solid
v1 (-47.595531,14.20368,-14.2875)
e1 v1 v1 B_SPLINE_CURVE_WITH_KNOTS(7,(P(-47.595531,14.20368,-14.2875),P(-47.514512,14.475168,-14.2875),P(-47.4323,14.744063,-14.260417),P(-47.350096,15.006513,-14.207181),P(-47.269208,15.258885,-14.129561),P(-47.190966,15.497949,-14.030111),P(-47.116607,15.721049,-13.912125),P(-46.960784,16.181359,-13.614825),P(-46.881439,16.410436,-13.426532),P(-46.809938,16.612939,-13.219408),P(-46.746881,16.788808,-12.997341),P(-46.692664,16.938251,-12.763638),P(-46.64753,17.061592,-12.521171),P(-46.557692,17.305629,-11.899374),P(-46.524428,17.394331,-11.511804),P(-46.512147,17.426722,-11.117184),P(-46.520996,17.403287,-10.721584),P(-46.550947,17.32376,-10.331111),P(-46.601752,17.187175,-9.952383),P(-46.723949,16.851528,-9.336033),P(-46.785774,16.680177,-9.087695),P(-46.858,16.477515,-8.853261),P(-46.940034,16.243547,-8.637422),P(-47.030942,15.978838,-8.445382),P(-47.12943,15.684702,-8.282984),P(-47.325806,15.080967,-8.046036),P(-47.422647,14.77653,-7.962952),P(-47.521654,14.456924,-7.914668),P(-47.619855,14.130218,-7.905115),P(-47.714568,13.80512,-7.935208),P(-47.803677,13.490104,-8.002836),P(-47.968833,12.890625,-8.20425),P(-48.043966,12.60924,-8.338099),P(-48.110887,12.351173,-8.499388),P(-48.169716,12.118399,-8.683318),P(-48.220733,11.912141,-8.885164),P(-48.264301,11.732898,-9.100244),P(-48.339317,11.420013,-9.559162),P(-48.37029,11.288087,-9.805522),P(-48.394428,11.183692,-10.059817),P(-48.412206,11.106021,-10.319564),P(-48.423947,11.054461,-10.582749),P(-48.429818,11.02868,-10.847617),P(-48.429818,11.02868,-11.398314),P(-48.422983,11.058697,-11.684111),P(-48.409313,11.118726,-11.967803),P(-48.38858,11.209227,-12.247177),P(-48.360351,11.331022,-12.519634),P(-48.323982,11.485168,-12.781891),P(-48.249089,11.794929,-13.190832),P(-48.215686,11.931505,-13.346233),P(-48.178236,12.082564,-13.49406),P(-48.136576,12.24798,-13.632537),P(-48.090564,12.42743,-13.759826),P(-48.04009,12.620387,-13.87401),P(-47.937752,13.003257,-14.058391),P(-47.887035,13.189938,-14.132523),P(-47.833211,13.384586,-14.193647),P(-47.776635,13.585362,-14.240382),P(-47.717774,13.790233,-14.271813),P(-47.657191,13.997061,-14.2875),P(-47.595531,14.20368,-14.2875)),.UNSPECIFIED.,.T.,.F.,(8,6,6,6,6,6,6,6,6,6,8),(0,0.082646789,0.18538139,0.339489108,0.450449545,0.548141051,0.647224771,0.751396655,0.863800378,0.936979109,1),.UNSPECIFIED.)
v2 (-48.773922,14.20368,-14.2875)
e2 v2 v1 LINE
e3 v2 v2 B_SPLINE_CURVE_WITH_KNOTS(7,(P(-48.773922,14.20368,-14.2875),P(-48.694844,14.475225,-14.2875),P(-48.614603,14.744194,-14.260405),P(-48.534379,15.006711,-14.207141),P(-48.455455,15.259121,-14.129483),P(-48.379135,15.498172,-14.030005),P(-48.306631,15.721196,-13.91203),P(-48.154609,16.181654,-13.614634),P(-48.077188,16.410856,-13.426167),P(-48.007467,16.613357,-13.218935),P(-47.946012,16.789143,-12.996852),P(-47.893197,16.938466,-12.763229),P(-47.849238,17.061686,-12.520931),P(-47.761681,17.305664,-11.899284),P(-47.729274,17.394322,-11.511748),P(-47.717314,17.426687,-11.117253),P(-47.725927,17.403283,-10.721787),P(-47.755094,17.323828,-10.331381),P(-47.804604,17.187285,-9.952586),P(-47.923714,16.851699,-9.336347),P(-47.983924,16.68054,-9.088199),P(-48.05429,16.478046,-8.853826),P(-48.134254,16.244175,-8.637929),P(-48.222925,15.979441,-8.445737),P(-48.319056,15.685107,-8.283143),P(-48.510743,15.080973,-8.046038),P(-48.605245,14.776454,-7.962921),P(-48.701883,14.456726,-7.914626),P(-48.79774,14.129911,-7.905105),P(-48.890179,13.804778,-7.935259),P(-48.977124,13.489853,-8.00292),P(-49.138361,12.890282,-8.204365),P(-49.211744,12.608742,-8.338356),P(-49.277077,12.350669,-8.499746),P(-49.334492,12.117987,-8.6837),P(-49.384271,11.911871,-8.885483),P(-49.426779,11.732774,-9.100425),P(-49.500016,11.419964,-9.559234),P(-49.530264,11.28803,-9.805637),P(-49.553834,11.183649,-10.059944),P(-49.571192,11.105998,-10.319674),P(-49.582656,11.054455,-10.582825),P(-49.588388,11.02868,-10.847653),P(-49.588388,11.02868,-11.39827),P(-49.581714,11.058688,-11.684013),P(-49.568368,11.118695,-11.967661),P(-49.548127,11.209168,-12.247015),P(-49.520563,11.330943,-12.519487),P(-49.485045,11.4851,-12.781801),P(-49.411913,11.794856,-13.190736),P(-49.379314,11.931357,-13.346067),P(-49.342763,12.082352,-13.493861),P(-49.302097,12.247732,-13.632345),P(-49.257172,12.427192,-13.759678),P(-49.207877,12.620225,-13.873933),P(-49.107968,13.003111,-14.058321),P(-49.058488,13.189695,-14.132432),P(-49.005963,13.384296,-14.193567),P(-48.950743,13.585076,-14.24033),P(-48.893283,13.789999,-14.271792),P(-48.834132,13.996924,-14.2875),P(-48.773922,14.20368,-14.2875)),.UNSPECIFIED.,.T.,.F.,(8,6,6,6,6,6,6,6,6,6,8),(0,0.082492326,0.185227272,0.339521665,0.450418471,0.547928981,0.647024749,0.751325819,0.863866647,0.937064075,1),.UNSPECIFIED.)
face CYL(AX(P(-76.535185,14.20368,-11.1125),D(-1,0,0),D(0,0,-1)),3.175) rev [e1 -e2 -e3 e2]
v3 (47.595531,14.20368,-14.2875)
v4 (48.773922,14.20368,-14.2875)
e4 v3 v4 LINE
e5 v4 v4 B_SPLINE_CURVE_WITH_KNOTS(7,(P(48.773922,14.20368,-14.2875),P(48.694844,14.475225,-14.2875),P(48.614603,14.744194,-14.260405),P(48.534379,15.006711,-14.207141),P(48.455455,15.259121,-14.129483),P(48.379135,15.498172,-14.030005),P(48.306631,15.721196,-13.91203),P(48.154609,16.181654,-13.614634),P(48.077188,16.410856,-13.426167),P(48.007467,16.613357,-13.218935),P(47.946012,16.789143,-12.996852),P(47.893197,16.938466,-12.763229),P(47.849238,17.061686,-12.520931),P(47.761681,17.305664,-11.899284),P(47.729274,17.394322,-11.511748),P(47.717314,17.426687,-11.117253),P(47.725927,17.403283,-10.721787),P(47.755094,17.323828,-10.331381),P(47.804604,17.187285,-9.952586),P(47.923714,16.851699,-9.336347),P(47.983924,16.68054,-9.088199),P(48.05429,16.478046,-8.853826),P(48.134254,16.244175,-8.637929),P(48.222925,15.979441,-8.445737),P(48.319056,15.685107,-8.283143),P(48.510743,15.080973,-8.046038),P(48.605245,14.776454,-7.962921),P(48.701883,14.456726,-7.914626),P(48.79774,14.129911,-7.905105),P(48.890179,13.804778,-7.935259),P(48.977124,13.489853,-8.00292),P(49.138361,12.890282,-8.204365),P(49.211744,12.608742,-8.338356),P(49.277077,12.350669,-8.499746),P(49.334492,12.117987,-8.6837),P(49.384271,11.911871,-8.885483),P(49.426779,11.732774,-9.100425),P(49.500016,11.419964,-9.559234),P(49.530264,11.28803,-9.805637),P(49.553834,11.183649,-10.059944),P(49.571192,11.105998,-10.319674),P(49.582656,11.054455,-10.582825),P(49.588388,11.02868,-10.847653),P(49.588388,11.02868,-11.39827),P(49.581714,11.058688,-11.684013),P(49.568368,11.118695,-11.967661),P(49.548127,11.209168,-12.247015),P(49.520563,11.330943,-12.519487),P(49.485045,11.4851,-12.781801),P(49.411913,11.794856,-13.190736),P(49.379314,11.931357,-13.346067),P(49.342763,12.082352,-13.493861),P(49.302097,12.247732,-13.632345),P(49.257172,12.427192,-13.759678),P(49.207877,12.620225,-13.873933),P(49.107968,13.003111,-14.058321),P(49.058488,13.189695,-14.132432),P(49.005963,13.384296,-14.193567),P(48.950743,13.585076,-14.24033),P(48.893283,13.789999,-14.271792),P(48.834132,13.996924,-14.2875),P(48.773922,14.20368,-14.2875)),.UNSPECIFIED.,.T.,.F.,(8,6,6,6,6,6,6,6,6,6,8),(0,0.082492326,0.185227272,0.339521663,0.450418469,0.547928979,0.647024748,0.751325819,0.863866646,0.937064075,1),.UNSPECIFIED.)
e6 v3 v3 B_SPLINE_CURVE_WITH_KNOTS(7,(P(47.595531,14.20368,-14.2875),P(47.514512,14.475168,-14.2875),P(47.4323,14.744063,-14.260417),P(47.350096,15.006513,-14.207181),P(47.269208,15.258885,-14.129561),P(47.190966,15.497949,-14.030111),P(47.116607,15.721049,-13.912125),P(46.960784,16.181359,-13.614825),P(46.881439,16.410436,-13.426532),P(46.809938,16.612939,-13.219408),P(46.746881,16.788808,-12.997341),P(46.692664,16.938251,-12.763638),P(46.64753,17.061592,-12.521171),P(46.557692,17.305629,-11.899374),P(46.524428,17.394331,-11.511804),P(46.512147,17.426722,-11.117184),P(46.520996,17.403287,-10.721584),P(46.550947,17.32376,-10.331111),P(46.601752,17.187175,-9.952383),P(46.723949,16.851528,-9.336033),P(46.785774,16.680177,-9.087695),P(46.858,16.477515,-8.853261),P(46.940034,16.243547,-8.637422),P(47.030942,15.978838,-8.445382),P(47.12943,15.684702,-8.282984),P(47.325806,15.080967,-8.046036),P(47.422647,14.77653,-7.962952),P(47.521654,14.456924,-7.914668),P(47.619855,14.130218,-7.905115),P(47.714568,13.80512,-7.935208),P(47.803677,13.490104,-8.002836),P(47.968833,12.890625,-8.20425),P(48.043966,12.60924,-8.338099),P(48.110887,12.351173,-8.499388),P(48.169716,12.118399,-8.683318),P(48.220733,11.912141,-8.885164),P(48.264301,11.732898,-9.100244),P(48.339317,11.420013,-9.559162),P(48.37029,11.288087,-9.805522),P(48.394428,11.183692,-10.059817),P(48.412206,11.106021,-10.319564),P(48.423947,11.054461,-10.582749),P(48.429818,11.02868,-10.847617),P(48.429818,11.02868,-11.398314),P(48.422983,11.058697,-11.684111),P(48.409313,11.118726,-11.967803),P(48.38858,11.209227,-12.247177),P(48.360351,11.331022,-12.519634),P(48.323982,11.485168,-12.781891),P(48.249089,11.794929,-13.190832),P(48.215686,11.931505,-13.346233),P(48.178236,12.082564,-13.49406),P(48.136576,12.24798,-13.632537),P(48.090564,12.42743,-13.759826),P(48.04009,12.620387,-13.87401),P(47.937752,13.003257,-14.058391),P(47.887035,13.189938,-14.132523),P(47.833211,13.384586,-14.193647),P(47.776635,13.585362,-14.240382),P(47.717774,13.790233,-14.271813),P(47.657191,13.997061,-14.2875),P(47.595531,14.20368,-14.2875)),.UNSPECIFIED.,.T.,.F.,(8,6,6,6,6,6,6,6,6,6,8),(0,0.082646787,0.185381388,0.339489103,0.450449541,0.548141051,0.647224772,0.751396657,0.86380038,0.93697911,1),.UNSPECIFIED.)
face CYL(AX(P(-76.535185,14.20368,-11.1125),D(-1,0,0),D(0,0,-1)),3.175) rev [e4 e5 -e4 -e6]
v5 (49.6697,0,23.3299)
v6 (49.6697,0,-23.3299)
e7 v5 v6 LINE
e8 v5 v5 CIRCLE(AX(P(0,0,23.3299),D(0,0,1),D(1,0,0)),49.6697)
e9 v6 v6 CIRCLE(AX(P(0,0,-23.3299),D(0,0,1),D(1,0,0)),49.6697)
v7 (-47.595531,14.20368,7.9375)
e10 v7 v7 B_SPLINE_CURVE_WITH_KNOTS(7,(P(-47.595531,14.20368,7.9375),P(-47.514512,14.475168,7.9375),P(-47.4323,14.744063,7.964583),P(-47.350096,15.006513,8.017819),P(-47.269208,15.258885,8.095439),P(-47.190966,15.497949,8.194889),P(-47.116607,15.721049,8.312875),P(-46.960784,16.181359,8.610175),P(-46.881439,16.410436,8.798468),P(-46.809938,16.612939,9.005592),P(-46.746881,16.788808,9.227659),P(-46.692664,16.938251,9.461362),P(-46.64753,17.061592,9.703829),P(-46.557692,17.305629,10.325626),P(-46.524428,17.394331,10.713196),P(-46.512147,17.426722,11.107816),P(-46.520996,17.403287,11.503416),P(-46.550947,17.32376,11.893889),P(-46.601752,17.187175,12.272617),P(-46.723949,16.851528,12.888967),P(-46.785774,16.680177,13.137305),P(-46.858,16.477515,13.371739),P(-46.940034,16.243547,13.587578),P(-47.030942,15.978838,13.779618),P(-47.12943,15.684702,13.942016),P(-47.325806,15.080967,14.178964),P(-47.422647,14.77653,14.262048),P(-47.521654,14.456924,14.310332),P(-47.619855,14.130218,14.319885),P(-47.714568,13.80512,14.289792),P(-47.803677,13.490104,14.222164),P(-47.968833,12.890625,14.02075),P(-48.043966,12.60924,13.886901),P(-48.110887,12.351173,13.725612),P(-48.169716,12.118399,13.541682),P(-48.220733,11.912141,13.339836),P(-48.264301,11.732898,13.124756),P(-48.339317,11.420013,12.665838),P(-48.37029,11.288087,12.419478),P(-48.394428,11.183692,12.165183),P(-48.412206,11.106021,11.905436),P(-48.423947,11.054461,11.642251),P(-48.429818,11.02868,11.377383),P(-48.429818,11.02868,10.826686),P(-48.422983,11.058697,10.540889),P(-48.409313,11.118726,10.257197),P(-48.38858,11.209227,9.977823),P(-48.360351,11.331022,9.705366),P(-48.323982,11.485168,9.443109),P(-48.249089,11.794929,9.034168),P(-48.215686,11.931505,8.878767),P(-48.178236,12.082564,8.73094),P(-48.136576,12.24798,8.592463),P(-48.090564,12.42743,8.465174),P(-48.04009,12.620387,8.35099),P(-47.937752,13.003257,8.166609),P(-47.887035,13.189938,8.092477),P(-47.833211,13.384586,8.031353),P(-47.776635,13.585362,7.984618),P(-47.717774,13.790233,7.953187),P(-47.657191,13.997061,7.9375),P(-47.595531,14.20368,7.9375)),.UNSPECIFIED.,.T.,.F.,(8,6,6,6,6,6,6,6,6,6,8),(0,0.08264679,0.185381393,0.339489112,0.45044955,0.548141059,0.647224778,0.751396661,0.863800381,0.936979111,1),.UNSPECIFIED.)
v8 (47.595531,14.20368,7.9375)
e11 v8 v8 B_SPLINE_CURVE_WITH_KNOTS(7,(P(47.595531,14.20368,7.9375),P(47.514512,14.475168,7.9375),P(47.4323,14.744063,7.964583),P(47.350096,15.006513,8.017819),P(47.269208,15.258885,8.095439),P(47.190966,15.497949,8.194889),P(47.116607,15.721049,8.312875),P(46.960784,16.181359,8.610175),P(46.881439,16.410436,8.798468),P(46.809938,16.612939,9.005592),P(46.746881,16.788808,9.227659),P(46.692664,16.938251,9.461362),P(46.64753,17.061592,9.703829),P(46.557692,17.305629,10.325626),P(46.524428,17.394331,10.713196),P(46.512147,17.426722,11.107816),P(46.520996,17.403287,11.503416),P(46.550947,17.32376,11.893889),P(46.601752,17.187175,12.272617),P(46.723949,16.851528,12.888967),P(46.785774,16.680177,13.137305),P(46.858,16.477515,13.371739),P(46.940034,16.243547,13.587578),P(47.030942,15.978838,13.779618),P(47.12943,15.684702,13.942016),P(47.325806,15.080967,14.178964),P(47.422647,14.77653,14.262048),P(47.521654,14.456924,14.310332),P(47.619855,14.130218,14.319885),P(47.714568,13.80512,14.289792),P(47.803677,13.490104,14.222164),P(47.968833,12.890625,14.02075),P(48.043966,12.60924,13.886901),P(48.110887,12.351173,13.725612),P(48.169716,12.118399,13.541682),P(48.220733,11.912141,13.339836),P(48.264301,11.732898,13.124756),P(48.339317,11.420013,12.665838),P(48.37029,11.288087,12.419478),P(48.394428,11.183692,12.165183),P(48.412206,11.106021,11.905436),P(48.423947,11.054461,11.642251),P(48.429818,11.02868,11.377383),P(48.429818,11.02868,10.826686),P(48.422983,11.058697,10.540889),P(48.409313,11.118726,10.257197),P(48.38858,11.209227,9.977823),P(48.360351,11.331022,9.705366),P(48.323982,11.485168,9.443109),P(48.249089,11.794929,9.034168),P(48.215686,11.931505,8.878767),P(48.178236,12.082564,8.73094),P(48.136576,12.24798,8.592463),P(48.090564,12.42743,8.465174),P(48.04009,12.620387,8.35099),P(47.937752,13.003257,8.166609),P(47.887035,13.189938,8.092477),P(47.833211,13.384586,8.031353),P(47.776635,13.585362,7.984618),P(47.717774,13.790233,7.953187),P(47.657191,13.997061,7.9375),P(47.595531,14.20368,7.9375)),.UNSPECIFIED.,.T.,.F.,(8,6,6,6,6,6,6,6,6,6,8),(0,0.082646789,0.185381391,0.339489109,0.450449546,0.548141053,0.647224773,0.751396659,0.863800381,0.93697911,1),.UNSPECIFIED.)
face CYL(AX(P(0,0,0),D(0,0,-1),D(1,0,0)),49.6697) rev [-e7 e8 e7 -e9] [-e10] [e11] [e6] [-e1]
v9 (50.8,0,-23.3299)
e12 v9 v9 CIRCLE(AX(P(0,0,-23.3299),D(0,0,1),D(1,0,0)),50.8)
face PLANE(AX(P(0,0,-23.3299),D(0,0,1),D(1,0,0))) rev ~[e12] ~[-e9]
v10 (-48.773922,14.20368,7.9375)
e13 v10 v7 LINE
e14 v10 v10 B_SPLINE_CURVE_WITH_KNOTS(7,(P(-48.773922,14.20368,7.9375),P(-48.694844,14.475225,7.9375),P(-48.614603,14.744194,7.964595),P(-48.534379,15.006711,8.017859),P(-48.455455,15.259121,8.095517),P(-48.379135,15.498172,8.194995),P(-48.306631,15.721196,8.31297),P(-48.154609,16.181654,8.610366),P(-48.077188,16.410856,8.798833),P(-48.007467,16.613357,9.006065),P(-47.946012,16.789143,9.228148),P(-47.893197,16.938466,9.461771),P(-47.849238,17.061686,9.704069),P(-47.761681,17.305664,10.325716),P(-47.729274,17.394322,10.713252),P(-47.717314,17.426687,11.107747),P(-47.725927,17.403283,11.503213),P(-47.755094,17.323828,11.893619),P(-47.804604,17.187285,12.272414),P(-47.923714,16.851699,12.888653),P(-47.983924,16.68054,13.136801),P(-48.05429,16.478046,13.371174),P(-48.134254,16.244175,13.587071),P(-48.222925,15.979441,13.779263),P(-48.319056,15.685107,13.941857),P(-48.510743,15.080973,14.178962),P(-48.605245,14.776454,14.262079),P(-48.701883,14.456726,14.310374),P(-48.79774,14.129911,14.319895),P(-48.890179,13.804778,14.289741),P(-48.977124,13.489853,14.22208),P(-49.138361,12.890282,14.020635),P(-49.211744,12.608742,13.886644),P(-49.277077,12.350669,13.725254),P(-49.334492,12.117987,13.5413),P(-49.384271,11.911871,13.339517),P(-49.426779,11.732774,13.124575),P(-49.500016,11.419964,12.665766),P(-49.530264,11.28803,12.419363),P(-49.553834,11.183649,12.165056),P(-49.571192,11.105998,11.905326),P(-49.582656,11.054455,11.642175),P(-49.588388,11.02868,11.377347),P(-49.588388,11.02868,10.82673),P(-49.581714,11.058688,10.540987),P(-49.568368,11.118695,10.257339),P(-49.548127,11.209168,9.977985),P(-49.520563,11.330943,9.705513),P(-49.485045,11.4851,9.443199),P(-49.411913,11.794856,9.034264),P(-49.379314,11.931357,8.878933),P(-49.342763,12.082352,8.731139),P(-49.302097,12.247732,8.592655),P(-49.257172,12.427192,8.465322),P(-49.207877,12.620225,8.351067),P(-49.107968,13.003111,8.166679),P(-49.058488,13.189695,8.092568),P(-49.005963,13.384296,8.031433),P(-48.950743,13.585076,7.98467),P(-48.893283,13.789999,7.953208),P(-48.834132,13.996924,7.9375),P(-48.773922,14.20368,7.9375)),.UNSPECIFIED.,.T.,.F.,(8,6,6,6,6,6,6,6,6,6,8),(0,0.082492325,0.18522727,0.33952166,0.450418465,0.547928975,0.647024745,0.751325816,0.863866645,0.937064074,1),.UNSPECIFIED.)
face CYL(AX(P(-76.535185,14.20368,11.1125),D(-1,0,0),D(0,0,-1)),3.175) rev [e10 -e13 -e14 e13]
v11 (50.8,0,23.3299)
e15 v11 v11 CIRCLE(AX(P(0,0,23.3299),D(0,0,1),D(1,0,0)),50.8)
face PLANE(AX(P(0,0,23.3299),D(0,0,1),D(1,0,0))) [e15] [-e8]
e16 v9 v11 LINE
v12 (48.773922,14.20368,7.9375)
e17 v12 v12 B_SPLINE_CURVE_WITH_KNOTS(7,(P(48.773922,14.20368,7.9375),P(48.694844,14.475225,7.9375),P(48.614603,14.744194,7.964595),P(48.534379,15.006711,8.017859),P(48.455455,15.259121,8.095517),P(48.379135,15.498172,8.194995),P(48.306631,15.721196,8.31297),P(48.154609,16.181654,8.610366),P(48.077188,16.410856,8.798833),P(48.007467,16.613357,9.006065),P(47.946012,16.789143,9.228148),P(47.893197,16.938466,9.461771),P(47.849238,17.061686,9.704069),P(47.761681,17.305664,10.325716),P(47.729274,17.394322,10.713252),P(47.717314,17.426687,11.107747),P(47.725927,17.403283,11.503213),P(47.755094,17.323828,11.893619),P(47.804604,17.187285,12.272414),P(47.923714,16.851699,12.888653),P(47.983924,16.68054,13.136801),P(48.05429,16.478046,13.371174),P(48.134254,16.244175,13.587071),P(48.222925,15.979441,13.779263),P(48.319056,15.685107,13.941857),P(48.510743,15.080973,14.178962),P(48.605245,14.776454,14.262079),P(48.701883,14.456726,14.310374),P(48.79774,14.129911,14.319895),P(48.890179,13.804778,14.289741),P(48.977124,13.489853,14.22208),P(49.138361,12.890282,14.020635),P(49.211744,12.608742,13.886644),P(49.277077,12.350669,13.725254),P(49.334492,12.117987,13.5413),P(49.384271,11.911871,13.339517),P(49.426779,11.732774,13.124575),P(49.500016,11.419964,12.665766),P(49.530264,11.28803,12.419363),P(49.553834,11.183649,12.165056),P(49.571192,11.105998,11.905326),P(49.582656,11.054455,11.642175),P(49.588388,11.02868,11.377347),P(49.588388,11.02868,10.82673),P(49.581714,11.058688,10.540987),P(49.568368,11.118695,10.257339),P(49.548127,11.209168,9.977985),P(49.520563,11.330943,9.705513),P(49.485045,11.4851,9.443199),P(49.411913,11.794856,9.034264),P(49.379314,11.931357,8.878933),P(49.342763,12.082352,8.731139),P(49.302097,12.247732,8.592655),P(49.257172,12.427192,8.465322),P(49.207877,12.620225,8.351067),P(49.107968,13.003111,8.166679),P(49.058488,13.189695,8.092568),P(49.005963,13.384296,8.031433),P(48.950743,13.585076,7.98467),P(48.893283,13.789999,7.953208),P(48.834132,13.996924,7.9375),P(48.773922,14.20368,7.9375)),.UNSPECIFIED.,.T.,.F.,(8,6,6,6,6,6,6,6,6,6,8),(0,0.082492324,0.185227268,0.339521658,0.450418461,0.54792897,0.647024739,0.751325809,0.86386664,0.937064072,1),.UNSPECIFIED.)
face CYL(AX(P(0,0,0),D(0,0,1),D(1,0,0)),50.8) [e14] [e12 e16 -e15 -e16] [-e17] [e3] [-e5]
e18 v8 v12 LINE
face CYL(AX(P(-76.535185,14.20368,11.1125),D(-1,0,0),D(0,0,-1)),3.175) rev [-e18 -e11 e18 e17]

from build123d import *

# Parameters (mm, degrees)
SKETCH1_R               = 50.8
SKETCH1_R_2             = 49.6697
BOSS_EXTRUDE1_DEPTH     = 23.3299
CUT_EXTRUDE1_DEPTH      = 76.535185404
CUT_EXTRUDE1_DEPTH_BACK = 76.535185404
SKETCH2_R               = 3.175


with BuildPart() as part:
    # Sketch1 → Boss-Extrude1 (new, symmetric)
    with BuildSketch(Plane.XY):
        Circle(SKETCH1_R)
        Circle(SKETCH1_R_2, mode=Mode.SUBTRACT)
    extrude(amount=BOSS_EXTRUDE1_DEPTH, both=True)

    # Sketch2 → Cut-Extrude1 (cut, two sides: drawn at the far end of the back side and taken through both)
    with BuildSketch(Plane(origin=(0, 0, 0), x_dir=(0, 0, -1), z_dir=(1, 0, 0)).offset(-CUT_EXTRUDE1_DEPTH_BACK)):
        with Locations((-11.1125, 14.20368)):
            Circle(SKETCH2_R)
        with Locations((11.1125, 14.20368)):
            Circle(SKETCH2_R)
    extrude(amount=CUT_EXTRUDE1_DEPTH + CUT_EXTRUDE1_DEPTH_BACK, mode=Mode.SUBTRACT)


solid = part.part
